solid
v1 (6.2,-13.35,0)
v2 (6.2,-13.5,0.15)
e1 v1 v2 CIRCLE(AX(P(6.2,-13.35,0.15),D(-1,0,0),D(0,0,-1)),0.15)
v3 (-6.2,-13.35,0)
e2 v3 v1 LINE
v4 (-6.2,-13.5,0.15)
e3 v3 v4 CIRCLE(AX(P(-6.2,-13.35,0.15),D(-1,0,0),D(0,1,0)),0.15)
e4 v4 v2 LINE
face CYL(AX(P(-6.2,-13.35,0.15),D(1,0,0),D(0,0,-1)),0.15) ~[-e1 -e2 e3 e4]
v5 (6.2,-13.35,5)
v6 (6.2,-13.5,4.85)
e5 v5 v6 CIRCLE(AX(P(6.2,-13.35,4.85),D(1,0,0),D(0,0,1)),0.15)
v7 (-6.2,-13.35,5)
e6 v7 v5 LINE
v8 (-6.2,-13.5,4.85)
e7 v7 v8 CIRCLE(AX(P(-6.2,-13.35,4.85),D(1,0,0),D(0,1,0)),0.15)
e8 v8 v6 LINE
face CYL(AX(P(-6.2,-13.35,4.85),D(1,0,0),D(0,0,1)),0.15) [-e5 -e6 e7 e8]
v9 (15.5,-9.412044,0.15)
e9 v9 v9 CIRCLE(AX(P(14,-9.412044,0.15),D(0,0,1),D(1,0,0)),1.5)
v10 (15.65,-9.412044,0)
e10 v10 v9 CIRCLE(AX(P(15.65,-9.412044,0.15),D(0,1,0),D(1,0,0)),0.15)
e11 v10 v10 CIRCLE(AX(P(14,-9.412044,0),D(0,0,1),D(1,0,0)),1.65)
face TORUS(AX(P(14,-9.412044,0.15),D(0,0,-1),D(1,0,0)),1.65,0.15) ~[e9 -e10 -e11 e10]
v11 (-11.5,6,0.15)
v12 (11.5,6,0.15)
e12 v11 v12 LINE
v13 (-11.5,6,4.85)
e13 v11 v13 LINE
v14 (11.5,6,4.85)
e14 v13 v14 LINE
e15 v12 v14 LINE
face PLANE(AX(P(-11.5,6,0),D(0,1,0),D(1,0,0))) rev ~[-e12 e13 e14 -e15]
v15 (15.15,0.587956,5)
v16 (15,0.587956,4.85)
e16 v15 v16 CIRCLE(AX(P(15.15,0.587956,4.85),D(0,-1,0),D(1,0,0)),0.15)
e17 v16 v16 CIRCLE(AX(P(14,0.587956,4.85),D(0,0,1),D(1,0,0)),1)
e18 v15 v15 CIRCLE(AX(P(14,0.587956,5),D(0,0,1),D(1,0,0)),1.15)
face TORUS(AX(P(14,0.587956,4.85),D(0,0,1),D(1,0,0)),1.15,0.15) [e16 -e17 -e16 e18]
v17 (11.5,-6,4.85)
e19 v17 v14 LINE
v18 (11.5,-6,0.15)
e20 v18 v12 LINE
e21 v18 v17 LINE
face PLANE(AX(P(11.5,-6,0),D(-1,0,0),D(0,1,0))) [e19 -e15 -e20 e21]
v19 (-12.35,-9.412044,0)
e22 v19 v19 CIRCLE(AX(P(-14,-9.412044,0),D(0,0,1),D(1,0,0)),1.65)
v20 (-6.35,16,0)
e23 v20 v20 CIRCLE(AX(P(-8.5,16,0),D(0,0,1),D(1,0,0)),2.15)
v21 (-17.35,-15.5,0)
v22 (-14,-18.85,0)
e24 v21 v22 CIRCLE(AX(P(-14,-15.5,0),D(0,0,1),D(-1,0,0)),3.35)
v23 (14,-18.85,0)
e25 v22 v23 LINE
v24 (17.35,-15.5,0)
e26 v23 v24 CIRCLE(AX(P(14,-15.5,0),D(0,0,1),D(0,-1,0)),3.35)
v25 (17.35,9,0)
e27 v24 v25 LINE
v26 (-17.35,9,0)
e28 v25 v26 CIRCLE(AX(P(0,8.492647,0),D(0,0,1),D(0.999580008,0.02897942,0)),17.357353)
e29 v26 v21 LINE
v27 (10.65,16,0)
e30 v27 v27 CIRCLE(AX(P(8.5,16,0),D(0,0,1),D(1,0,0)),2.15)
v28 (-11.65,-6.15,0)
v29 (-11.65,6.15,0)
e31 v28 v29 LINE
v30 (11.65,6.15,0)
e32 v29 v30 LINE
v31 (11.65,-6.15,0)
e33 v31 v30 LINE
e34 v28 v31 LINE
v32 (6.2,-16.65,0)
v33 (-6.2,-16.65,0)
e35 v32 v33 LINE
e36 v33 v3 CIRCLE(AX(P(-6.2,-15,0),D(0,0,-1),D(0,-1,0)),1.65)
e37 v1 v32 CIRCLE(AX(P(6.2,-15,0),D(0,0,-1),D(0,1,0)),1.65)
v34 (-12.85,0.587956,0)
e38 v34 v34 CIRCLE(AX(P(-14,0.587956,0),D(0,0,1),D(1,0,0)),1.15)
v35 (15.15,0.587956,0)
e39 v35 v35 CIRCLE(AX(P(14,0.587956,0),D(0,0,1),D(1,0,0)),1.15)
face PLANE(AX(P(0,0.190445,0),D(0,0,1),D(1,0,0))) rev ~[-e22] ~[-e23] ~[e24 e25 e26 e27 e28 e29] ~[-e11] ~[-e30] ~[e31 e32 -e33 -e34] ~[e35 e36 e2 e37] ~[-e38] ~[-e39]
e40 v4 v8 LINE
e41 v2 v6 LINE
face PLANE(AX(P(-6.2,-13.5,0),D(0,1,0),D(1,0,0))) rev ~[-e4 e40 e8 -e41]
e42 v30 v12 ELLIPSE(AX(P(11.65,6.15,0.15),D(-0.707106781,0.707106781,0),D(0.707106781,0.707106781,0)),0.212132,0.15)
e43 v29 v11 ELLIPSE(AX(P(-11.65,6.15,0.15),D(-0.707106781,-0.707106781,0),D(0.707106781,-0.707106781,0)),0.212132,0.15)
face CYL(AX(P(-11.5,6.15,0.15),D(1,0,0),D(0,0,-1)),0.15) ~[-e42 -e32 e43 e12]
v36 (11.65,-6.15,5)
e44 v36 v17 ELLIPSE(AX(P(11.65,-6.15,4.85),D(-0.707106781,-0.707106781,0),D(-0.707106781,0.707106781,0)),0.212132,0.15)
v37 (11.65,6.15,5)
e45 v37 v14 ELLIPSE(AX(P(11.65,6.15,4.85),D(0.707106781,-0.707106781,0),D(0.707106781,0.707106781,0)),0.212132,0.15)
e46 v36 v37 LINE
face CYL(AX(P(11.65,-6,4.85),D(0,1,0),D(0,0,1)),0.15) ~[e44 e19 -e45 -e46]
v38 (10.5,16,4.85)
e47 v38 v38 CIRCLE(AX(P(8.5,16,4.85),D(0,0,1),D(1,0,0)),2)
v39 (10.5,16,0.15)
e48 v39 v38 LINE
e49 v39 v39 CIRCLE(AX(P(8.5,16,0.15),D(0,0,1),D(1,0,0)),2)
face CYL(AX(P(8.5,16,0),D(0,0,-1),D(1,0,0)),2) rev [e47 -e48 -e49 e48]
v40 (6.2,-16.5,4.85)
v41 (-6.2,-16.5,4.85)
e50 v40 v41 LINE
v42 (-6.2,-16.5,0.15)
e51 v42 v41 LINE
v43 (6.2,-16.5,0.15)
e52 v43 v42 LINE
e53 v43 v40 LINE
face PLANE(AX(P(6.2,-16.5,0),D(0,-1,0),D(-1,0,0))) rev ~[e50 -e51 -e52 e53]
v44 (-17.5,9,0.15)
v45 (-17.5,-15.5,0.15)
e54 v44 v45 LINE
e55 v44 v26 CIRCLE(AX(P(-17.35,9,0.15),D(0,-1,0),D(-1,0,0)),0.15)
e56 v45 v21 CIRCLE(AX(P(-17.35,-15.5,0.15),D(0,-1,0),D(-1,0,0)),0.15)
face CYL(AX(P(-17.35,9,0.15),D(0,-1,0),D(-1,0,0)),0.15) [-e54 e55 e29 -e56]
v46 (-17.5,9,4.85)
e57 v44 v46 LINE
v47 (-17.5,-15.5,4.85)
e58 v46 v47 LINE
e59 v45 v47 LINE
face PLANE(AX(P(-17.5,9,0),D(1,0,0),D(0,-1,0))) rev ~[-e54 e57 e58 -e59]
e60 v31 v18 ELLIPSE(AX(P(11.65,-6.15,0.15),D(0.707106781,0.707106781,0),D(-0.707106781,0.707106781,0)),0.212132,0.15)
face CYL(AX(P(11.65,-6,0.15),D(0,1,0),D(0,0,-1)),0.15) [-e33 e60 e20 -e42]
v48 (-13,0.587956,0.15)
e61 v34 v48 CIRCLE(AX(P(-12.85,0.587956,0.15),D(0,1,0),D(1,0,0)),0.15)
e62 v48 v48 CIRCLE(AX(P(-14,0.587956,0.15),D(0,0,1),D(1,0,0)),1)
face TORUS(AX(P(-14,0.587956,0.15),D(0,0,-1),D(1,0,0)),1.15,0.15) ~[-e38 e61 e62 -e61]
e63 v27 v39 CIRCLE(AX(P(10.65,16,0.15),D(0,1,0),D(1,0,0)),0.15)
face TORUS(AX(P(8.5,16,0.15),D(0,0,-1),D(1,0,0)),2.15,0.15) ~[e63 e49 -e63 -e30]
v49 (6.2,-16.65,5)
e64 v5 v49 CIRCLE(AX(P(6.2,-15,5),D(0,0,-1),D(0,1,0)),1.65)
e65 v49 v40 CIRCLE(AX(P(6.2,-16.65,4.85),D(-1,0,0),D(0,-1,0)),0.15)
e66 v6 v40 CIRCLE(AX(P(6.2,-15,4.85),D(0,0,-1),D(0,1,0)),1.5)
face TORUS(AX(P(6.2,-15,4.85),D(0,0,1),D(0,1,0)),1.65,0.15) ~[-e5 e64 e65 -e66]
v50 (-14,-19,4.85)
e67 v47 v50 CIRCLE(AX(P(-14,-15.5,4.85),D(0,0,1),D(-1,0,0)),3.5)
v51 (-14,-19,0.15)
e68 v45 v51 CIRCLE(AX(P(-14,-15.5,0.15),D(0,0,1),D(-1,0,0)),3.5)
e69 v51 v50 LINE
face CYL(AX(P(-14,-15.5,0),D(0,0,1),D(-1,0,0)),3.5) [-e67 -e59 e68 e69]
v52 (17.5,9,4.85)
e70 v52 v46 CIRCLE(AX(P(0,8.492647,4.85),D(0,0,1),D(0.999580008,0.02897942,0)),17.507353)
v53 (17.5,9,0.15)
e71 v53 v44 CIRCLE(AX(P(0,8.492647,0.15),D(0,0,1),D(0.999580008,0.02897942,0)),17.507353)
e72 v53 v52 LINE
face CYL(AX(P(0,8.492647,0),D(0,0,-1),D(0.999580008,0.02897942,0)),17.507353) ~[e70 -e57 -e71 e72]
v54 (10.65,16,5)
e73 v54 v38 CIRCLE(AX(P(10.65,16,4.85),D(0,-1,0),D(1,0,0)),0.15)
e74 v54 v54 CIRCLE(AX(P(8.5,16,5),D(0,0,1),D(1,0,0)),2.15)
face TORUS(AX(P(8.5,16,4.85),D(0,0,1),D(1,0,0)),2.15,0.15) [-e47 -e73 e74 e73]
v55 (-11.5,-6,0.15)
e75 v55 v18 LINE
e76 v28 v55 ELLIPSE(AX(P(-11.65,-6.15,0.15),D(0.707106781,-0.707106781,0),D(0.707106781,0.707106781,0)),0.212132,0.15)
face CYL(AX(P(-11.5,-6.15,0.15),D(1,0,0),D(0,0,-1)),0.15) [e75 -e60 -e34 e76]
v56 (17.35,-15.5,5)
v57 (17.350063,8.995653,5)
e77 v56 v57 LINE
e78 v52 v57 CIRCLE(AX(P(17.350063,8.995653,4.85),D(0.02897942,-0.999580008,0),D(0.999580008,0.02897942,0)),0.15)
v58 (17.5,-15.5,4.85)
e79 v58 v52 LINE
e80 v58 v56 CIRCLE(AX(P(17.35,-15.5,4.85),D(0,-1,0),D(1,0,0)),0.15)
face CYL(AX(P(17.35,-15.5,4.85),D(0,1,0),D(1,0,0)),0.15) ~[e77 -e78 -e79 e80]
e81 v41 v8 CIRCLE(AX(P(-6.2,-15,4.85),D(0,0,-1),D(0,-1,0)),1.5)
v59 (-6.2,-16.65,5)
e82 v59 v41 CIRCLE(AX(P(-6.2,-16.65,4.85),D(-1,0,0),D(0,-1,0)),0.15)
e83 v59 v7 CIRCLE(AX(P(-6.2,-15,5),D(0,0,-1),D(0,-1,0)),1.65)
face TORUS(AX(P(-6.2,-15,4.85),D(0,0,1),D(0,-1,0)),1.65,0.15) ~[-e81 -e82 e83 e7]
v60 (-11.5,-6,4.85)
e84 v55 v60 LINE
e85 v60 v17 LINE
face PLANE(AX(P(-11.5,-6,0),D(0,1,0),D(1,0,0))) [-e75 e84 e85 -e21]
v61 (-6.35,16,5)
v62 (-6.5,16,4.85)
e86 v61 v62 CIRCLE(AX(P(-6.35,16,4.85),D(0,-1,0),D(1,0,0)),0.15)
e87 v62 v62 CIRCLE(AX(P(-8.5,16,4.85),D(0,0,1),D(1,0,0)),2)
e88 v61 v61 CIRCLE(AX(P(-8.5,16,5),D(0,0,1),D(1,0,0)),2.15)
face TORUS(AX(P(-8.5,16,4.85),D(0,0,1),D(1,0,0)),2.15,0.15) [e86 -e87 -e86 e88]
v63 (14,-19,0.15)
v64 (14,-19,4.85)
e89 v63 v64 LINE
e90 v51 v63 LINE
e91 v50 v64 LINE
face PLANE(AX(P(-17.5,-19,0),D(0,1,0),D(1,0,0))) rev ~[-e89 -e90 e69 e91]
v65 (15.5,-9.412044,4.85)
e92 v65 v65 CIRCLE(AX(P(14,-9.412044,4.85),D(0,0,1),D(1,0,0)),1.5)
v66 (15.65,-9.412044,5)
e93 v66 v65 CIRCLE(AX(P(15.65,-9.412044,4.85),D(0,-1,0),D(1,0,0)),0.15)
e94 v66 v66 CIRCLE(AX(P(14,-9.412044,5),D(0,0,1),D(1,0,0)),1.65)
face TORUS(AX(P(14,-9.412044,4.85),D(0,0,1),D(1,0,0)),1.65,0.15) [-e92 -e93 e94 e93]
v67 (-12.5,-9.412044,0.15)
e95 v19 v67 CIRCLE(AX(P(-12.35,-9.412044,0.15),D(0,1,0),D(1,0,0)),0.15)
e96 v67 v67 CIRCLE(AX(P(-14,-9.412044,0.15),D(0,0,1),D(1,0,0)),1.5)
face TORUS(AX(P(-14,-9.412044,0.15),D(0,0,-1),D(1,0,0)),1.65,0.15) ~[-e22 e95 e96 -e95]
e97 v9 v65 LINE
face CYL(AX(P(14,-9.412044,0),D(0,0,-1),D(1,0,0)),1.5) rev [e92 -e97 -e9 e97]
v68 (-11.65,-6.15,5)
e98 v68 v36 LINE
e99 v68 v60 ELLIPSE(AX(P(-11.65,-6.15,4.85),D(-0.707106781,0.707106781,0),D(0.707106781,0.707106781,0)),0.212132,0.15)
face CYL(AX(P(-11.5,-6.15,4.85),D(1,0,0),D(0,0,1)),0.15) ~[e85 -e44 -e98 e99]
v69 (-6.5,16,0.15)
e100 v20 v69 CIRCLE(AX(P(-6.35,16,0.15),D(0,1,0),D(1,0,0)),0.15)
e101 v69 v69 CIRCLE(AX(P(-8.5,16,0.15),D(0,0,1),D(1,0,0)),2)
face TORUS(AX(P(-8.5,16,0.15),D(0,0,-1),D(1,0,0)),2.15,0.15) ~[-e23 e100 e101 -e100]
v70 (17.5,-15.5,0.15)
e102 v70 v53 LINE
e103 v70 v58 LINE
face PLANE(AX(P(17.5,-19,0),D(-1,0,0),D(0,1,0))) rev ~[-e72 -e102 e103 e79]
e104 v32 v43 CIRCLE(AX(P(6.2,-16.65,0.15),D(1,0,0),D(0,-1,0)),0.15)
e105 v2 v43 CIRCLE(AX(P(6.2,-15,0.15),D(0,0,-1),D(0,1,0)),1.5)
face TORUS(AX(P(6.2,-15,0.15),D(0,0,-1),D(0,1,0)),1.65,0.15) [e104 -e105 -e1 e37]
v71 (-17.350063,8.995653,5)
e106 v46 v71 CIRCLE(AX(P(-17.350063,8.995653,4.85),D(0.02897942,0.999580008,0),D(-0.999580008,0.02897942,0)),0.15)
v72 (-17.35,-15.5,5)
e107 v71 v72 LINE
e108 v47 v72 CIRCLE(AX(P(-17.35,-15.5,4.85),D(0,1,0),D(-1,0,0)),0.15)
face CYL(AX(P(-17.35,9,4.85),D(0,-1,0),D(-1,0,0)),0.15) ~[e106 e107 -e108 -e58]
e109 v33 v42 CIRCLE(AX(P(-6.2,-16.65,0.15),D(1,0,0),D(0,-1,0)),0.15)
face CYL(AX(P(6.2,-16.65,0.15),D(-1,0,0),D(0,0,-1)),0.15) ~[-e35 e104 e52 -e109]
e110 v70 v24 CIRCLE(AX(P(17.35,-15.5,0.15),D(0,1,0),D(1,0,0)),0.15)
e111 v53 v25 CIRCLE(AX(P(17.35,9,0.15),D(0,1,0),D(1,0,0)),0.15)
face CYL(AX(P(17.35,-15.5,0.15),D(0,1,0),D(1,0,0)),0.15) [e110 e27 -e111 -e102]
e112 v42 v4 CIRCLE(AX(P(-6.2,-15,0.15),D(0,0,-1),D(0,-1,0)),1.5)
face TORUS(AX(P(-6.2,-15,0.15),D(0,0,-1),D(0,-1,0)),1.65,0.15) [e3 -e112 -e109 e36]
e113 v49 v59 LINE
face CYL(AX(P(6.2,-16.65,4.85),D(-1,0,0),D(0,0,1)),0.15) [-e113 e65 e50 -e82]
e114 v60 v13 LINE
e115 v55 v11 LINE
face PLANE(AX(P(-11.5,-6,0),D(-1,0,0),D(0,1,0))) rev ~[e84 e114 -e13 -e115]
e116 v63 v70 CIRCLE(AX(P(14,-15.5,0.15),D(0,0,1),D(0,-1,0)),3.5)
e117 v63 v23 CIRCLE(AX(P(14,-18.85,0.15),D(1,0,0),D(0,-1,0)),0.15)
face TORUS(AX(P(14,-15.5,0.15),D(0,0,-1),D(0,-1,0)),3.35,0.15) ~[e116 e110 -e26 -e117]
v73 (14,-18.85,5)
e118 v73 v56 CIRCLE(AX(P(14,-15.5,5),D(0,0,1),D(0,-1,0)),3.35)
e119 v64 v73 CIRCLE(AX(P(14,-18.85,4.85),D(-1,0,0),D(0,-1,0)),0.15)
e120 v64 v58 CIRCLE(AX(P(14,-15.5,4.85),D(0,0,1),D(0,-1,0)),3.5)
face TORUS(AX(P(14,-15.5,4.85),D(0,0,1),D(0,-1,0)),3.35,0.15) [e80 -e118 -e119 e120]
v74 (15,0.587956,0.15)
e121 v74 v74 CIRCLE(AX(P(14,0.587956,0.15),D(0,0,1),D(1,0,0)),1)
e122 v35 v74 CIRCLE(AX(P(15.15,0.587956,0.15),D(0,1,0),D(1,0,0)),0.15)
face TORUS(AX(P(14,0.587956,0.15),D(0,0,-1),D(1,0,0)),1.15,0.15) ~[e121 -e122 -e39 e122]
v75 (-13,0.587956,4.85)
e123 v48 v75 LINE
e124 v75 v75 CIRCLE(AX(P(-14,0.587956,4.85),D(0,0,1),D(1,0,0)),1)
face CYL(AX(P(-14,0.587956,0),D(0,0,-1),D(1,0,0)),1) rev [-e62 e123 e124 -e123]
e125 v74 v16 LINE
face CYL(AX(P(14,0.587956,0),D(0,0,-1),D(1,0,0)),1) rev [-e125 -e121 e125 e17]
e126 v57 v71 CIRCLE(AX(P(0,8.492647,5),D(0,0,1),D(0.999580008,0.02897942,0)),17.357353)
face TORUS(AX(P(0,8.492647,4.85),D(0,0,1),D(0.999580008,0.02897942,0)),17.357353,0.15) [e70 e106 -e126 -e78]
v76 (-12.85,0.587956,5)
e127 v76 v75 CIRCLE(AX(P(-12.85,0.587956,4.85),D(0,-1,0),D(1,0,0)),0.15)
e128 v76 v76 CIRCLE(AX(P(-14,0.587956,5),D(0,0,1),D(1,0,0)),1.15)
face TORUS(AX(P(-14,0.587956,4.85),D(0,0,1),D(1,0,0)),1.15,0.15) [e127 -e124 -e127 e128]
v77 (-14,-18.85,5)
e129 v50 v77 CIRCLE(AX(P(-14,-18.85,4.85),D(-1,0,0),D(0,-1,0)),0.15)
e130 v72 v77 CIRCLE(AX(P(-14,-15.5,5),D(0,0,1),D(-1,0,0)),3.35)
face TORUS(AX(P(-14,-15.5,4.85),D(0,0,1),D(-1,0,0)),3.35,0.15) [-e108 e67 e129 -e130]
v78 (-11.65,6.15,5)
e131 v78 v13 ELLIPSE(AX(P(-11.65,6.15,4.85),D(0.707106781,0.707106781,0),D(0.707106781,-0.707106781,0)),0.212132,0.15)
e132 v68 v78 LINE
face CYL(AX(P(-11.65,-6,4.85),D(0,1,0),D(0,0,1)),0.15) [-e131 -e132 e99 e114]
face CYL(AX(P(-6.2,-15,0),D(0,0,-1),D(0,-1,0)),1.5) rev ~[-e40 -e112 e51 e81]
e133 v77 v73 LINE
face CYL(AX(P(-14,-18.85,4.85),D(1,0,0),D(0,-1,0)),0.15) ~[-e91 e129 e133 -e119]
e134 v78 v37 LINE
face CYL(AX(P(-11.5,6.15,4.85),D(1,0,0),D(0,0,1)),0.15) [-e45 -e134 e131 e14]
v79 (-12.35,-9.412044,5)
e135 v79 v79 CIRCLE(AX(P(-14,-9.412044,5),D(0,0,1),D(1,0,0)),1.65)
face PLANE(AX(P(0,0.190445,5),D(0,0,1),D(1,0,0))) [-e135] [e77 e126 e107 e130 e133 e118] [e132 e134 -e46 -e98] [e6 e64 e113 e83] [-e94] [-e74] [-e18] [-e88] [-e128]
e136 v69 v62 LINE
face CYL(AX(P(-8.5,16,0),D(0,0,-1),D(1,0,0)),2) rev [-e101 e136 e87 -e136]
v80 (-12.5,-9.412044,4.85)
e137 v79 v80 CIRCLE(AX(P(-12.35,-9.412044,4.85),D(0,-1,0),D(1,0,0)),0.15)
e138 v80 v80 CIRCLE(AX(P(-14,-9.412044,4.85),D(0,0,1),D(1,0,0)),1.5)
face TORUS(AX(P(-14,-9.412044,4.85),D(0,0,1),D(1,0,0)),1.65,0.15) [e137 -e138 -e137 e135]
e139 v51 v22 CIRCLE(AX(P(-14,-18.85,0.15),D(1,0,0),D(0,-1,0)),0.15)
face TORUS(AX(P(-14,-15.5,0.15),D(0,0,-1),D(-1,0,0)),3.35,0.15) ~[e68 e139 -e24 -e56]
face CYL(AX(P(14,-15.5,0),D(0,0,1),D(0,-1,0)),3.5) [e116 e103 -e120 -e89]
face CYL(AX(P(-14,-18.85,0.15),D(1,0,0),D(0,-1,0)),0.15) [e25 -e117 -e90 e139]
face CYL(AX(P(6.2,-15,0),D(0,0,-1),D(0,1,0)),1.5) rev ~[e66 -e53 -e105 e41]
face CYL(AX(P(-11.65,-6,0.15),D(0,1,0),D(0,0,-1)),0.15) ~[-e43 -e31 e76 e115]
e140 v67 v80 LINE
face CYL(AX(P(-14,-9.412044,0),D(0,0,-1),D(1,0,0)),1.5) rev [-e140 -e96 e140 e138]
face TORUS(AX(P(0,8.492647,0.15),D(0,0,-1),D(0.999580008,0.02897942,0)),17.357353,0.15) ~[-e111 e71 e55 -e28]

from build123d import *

# Parameters (mm, degrees)
SKETCH1_R           = 2
SKETCH1_R_2         = 1
SKETCH1_R_3         = 1.5
SKETCH1_W           = 23
SKETCH1_H           = 12
BOSS_EXTRUDE1_DEPTH = 5
FILLET1_R           = 3.5
FILLET2_R           = 0.15


with BuildPart() as part:
    # Sketch1 → Boss-Extrude1 (new body)
    with BuildSketch(Plane.XY):
        with BuildLine():
            Line((-17.5, 9), (-17.5, -19))
            Line((-17.5, -19), (17.5, -19))
            Line((17.5, -19), (17.5, 9))
            ThreePointArc((17.5, 9), (0, 26), (-17.5, 9))
        make_face()
        with Locations((-8.5, 16)):
            Circle(SKETCH1_R, mode=Mode.SUBTRACT)
        with Locations((-14, 0.587956268)):
            Circle(SKETCH1_R_2, mode=Mode.SUBTRACT)
        with Locations((-14, -9.412043732)):
            Circle(SKETCH1_R_3, mode=Mode.SUBTRACT)
        with Locations((8.5, 16)):
            Circle(SKETCH1_R, mode=Mode.SUBTRACT)
        with Locations((14, 0.587956268)):
            Circle(SKETCH1_R_2, mode=Mode.SUBTRACT)
        with Locations((14, -9.412043732)):
            Circle(SKETCH1_R_3, mode=Mode.SUBTRACT)
        Rectangle(SKETCH1_W, SKETCH1_H, mode=Mode.SUBTRACT)
        with BuildLine():
            Line((-6.2, -13.5), (6.2, -13.5))
            ThreePointArc((6.2, -13.5), (7.7, -15), (6.2, -16.5))
            Line((6.2, -16.5), (-6.2, -16.5))
            ThreePointArc((-6.2, -16.5), (-7.7, -15), (-6.2, -13.5))
        make_face(mode=Mode.SUBTRACT)
    extrude(amount=BOSS_EXTRUDE1_DEPTH)

    # Fillet1
    fillet1_edges = [part.edges().sort_by_distance(p)[0] for p in [
        (17.5, -19, 2.5),
        (-17.5, -19, 2.5),
    ]]
    fillet(fillet1_edges, radius=FILLET1_R)

    # Fillet2
    fillet2_edges = [part.edges().sort_by_distance(p)[0] for p in [
        (11.5, 0, 0),
        (0, 6, 0),
        (-11.5, 0, 0),
        (0, -6, 0),
        (11.5, 0, 5),
        (0, 6, 5),
        (-11.5, 0, 5),
        (0, -6, 5),
        (-10.5, 16, 0),
        (-10.5, 16, 5),
        (-15, 0.587956268, 0),
        (-15, 0.587956268, 5),
        (-15.5, -9.412043732, 0),
        (-15.5, -9.412043732, 5),
        (6.5, 16, 0),
        (6.5, 16, 5),
        (13, 0.587956268, 0),
        (13, 0.587956268, 5),
        (12.5, -9.412043732, 0),
        (12.5, -9.412043732, 5),
        (0, 26, 5),
        (-7.7, -15, 0),
        (0, -16.5, 0),
        (7.7, -15, 0),
        (0, -13.5, 0),
        (-7.7, -15, 5),
        (0, -16.5, 5),
        (7.7, -15, 5),
        (0, -13.5, 5),
        (-17.5, -3.25, 0),
        (0, 26, 0),
        (17.5, -3.25, 0),
        (17.5, -3.25, 5),
        (0, -19, 0),
        (-16.474873734, -17.974873734, 0),
        (16.474873734, -17.974873734, 0),
        (0, -19, 5),
        (-16.474873734, -17.974873734, 5),
        (16.474873734, -17.974873734, 5),
        (-17.5, -3.25, 5),
    ]]
    fillet(fillet2_edges, radius=FILLET2_R)


solid = part.part
